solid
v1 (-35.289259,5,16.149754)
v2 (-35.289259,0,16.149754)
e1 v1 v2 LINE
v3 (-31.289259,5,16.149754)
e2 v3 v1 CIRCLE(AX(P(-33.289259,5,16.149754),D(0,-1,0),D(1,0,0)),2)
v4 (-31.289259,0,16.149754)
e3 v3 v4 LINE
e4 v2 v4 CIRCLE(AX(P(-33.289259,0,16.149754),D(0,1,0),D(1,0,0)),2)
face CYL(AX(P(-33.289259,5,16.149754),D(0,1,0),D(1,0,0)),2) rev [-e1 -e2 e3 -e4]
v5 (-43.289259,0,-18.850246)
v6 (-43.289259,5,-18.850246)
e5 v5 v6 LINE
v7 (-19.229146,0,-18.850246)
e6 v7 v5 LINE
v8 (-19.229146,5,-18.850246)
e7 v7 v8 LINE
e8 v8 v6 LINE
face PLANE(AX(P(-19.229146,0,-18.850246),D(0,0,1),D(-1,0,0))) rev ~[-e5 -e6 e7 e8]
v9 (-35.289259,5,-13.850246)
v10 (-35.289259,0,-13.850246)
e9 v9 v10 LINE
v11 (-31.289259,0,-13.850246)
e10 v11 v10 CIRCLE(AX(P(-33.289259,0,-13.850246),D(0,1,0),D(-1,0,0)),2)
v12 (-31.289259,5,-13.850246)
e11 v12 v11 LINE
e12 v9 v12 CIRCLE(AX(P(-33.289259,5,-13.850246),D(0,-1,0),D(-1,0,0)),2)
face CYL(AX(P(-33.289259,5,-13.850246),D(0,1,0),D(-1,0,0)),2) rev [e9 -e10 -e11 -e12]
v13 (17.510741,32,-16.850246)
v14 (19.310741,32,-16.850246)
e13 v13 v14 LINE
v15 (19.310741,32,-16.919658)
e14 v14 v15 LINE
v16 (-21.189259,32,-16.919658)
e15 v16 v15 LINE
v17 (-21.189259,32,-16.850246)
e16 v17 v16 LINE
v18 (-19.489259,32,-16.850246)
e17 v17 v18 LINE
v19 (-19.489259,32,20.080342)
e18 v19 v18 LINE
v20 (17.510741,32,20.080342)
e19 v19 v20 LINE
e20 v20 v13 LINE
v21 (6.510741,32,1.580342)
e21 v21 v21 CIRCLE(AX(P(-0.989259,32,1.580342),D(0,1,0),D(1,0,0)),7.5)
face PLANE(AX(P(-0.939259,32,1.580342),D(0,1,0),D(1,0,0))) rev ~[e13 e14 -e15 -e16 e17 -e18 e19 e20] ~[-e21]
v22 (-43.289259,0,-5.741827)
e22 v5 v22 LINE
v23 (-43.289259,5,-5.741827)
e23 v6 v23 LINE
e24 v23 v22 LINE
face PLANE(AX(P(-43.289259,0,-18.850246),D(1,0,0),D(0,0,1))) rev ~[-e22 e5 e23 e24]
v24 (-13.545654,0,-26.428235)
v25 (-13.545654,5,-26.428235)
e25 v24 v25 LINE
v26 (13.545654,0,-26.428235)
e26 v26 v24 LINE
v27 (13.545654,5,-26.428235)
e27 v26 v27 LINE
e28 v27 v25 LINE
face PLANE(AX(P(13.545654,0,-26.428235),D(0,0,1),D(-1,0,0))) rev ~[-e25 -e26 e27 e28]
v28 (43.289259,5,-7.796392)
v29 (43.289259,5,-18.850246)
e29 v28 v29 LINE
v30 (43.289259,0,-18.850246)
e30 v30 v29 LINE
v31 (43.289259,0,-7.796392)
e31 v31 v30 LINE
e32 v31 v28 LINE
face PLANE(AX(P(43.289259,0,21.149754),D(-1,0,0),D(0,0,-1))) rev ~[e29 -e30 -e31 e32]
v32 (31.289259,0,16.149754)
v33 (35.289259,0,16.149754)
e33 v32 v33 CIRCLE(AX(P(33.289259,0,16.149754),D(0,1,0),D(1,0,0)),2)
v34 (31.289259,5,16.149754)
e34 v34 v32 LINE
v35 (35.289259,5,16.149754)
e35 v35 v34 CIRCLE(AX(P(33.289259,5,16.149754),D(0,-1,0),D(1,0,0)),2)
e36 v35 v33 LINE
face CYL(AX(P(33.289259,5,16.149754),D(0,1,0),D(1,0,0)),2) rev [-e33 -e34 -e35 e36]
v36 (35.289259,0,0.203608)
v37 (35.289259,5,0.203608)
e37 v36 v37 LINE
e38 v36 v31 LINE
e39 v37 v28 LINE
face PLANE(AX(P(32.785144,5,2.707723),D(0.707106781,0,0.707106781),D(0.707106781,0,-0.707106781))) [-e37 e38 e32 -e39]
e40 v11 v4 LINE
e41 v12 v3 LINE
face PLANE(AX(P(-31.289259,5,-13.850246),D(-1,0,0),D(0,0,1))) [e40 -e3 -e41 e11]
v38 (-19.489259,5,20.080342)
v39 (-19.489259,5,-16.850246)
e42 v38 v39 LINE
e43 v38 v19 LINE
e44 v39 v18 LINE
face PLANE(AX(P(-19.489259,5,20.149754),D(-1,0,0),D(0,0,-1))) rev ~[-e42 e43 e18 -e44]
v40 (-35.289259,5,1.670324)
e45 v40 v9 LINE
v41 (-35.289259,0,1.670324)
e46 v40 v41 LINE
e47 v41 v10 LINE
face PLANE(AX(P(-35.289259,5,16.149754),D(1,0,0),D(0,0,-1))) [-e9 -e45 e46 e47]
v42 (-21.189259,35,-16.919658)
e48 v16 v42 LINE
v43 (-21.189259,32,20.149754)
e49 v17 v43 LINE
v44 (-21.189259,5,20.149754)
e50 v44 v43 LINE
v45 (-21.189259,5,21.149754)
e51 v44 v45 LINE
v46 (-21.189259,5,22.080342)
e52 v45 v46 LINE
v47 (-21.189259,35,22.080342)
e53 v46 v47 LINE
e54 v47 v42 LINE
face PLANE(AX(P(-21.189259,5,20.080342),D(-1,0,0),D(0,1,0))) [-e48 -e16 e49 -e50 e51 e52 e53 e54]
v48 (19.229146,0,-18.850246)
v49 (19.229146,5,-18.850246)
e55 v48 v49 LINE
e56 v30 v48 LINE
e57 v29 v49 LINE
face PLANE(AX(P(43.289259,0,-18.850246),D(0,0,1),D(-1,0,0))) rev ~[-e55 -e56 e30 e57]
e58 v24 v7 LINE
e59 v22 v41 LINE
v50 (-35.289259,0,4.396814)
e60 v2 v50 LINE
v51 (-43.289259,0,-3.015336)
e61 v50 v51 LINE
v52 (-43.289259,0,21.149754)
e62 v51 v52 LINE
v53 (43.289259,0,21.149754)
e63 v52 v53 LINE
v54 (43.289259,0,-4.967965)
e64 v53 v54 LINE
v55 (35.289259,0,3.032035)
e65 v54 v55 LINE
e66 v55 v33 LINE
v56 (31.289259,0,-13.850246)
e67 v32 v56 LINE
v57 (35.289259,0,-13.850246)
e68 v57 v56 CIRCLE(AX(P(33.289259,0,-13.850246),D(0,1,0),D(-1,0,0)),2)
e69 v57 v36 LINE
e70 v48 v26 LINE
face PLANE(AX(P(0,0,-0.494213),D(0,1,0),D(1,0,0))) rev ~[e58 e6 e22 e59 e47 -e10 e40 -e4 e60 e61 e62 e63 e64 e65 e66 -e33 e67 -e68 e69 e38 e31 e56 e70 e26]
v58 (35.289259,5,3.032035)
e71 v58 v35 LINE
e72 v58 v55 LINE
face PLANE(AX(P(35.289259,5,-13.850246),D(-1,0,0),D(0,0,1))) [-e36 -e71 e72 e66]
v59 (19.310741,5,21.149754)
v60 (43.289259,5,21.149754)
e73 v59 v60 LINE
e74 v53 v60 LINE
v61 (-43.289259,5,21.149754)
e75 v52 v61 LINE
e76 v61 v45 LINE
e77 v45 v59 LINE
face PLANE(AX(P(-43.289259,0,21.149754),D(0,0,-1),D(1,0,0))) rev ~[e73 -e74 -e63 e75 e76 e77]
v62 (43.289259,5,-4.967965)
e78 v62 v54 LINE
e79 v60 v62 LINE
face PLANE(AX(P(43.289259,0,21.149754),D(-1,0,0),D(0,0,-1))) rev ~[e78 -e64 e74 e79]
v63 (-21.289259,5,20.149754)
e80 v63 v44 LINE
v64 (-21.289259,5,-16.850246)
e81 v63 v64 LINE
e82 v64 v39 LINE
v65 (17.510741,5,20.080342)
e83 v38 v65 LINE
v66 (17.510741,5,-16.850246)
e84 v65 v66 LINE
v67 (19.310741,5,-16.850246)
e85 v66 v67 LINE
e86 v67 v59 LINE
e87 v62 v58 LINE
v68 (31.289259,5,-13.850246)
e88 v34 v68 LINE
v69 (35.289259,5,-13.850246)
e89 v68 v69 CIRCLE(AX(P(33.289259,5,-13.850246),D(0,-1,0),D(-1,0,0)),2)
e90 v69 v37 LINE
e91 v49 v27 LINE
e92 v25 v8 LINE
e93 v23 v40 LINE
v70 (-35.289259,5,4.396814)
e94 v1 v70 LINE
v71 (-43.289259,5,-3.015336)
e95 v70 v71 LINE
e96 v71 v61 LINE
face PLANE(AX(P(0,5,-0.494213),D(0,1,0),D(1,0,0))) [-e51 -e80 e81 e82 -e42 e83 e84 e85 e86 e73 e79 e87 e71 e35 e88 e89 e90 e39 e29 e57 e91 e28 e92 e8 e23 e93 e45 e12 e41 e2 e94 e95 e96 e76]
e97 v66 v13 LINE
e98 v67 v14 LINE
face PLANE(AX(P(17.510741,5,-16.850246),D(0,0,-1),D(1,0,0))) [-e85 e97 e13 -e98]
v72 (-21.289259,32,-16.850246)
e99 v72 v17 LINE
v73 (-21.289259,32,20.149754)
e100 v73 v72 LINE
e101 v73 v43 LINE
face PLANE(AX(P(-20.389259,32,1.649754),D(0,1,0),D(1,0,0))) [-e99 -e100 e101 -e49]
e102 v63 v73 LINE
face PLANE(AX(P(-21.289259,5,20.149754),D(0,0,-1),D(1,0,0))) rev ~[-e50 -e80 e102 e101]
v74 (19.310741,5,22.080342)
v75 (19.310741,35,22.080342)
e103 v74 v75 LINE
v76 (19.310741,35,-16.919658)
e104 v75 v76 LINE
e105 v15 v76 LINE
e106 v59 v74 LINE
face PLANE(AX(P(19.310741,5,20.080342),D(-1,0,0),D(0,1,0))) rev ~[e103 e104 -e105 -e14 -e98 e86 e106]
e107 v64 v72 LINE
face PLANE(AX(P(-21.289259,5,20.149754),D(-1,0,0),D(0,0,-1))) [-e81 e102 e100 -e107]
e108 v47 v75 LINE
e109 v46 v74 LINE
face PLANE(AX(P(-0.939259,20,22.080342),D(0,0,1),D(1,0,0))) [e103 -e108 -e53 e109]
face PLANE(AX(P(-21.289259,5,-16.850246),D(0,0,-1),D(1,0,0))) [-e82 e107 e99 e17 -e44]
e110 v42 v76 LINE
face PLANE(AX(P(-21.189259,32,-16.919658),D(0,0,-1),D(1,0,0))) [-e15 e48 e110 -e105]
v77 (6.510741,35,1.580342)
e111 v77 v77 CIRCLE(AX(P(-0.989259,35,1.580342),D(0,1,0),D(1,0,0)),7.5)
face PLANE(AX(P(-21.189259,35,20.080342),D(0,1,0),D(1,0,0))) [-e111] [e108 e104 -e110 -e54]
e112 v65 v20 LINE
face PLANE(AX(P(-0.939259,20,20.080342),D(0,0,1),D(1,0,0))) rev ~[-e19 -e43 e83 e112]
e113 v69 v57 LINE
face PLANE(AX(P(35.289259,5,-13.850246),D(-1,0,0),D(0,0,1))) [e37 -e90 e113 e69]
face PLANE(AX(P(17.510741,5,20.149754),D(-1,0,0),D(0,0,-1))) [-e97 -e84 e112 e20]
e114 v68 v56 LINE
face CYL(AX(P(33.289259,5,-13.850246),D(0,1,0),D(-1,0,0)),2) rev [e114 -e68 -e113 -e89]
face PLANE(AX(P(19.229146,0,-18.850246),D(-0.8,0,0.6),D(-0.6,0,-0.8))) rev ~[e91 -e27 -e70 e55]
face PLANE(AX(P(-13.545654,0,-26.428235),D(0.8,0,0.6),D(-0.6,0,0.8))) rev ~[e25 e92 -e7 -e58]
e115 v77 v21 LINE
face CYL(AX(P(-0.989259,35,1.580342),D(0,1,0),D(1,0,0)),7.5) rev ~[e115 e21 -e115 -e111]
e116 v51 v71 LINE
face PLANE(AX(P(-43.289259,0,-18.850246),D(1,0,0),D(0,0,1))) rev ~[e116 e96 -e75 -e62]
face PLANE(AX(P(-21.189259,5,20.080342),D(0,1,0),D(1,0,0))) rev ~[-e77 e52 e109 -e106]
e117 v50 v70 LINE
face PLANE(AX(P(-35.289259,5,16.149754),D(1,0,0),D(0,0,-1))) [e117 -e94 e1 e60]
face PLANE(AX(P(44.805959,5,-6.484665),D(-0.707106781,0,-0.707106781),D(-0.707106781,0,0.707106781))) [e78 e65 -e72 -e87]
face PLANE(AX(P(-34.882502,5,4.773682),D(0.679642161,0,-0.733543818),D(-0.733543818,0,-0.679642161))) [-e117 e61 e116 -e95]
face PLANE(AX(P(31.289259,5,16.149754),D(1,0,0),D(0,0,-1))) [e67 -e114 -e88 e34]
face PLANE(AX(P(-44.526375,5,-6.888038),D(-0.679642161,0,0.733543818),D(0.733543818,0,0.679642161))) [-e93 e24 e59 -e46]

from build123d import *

# Parameters (mm, degrees)
EXTRUDE_1_DEPTH     = 5
SKETCH_4_W          = 1.8
SKETCH_4_H          = 37
EXTRUDE_2_DEPTH     = 27
SKETCH_5_W          = 40.5
SKETCH_5_H          = 37
EXTRUDE_3_DEPTH     = 3
CUT_EXTRUDE_4_DEPTH = 10
CUT_EXTRUDE_7_DEPTH = 10
CUT_EXTRUDE_8_DEPTH = 10
SKETCH_13_R         = 7.5
CUT_EXTRUDE_9_DEPTH = 10
SKETCH_14_W         = 40.5
SKETCH_14_H         = 30
EXTRUDE_4_DEPTH     = 2


with BuildPart() as part:
    # 草图1 → 凸台-拉伸1 (new body)
    with BuildSketch(Plane(origin=(0, 0, 0), x_dir=(1, 0, 0), z_dir=(0, 1, 0))):
        Polygon((13.545654436, 26.428234879), (-13.545654436, 26.428234879), (-19.229145808, 18.850246383), (-43.289259281, 18.850246383), (-43.289259281, -21.149753617), (43.289259281, -21.149753617), (43.289259281, 18.850246383), (19.229145808, 18.850246383), align=None)
    extrude(amount=EXTRUDE_1_DEPTH)

    # 草图4 → 凸台-拉伸2 (add)
    with BuildSketch(Plane(origin=(0, 5, 0), x_dir=(1, 0, 0), z_dir=(0, 1, 0))):
        with Locations((-20.389259281, -1.649753617)):
            Rectangle(SKETCH_4_W, SKETCH_4_H)
        with Locations((18.410740719, -1.649753617)):
            Rectangle(SKETCH_4_W, SKETCH_4_H)
    extrude(amount=EXTRUDE_2_DEPTH)

    # 草图5 → 凸台-拉伸3 (add)
    with BuildSketch(Plane(origin=(0, 32, 0), x_dir=(1, 0, 0), z_dir=(0, 1, 0))):
        with Locations((-0.939259281, -1.580342136)):
            Rectangle(SKETCH_5_W, SKETCH_5_H)
    extrude(amount=EXTRUDE_3_DEPTH)

    # 草图8 → 切除-拉伸4 (cut)
    with BuildSketch(Plane(origin=(0, 5, 0), x_dir=(1, 0, 0), z_dir=(0, 1, 0))):
        with BuildLine():
            Line((-31.289259281, 13.850246383), (-31.289259281, -16.149753617))
            ThreePointArc((-31.289259281, -16.149753617), (-33.289259281, -18.149753617), (-35.289259281, -16.149753617))
            Line((-35.289259281, -16.149753617), (-35.289259281, 13.850246383))
            ThreePointArc((-35.289259281, 13.850246383), (-33.289259281, 15.850246383), (-31.289259281, 13.850246383))
        make_face()
    extrude(amount=-CUT_EXTRUDE_4_DEPTH, mode=Mode.SUBTRACT)

    # 草图10 → 切除-拉伸7 (cut)
    with BuildSketch(Plane(origin=(0, 5, 0), x_dir=(1, 0, 0), z_dir=(0, 1, 0))):
        with BuildLine():
            Line((35.289259281, 13.850246383), (35.289259281, -16.149753617))
            ThreePointArc((35.289259281, -16.149753617), (33.289259281, -18.149753617), (31.289259281, -16.149753617))
            Line((31.289259281, -16.149753617), (31.289259281, 13.850246383))
            ThreePointArc((31.289259281, 13.850246383), (33.289259281, 15.850246383), (35.289259281, 13.850246383))
        make_face()
    extrude(amount=-CUT_EXTRUDE_7_DEPTH, mode=Mode.SUBTRACT)

    # 草图12 → 切除-拉伸8 (cut)
    with BuildSketch(Plane(origin=(0, 5, 0), x_dir=(1, 0, 0), z_dir=(0, 1, 0))):
        with BuildLine():
            Line((44.805959338, 6.484665103), (34.19935762, -4.121936615))
            ThreePointArc((34.19935762, -4.121936615), (32.785144058, -4.121936615), (32.785144058, -2.707723053))
            Line((32.785144058, -2.707723053), (43.391745776, 7.898878665))
            ThreePointArc((43.391745776, 7.898878665), (44.805959338, 7.898878665), (44.805959338, 6.484665103))
        make_face()
        with BuildLine():
            Line((-44.526375344, 6.888037873), (-33.523218079, -3.306594549))
            ThreePointArc((-33.523218079, -3.306594549), (-33.469316423, -4.719780528), (-34.882502402, -4.773682184))
            Line((-34.882502402, -4.773682184), (-45.885659667, 5.420950238))
            ThreePointArc((-45.885659667, 5.420950238), (-45.939561323, 6.834136217), (-44.526375344, 6.888037873))
        make_face()
    extrude(amount=-CUT_EXTRUDE_8_DEPTH, mode=Mode.SUBTRACT)

    # 草图13 → 切除-拉伸9 (cut)
    with BuildSketch(Plane(origin=(0, 35, 0), x_dir=(1, 0, 0), z_dir=(0, 1, 0))):
        with Locations((-0.989259281, -1.580342136)):
            Circle(SKETCH_13_R)
    extrude(amount=-CUT_EXTRUDE_9_DEPTH, mode=Mode.SUBTRACT)

    # 草图14 → 凸台-拉伸4 (add)
    with BuildSketch(Plane.XY.offset(20.080342136)):
        with Locations((-0.939259281, 20)):
            Rectangle(SKETCH_14_W, SKETCH_14_H)
    extrude(amount=EXTRUDE_4_DEPTH)


solid = part.part
